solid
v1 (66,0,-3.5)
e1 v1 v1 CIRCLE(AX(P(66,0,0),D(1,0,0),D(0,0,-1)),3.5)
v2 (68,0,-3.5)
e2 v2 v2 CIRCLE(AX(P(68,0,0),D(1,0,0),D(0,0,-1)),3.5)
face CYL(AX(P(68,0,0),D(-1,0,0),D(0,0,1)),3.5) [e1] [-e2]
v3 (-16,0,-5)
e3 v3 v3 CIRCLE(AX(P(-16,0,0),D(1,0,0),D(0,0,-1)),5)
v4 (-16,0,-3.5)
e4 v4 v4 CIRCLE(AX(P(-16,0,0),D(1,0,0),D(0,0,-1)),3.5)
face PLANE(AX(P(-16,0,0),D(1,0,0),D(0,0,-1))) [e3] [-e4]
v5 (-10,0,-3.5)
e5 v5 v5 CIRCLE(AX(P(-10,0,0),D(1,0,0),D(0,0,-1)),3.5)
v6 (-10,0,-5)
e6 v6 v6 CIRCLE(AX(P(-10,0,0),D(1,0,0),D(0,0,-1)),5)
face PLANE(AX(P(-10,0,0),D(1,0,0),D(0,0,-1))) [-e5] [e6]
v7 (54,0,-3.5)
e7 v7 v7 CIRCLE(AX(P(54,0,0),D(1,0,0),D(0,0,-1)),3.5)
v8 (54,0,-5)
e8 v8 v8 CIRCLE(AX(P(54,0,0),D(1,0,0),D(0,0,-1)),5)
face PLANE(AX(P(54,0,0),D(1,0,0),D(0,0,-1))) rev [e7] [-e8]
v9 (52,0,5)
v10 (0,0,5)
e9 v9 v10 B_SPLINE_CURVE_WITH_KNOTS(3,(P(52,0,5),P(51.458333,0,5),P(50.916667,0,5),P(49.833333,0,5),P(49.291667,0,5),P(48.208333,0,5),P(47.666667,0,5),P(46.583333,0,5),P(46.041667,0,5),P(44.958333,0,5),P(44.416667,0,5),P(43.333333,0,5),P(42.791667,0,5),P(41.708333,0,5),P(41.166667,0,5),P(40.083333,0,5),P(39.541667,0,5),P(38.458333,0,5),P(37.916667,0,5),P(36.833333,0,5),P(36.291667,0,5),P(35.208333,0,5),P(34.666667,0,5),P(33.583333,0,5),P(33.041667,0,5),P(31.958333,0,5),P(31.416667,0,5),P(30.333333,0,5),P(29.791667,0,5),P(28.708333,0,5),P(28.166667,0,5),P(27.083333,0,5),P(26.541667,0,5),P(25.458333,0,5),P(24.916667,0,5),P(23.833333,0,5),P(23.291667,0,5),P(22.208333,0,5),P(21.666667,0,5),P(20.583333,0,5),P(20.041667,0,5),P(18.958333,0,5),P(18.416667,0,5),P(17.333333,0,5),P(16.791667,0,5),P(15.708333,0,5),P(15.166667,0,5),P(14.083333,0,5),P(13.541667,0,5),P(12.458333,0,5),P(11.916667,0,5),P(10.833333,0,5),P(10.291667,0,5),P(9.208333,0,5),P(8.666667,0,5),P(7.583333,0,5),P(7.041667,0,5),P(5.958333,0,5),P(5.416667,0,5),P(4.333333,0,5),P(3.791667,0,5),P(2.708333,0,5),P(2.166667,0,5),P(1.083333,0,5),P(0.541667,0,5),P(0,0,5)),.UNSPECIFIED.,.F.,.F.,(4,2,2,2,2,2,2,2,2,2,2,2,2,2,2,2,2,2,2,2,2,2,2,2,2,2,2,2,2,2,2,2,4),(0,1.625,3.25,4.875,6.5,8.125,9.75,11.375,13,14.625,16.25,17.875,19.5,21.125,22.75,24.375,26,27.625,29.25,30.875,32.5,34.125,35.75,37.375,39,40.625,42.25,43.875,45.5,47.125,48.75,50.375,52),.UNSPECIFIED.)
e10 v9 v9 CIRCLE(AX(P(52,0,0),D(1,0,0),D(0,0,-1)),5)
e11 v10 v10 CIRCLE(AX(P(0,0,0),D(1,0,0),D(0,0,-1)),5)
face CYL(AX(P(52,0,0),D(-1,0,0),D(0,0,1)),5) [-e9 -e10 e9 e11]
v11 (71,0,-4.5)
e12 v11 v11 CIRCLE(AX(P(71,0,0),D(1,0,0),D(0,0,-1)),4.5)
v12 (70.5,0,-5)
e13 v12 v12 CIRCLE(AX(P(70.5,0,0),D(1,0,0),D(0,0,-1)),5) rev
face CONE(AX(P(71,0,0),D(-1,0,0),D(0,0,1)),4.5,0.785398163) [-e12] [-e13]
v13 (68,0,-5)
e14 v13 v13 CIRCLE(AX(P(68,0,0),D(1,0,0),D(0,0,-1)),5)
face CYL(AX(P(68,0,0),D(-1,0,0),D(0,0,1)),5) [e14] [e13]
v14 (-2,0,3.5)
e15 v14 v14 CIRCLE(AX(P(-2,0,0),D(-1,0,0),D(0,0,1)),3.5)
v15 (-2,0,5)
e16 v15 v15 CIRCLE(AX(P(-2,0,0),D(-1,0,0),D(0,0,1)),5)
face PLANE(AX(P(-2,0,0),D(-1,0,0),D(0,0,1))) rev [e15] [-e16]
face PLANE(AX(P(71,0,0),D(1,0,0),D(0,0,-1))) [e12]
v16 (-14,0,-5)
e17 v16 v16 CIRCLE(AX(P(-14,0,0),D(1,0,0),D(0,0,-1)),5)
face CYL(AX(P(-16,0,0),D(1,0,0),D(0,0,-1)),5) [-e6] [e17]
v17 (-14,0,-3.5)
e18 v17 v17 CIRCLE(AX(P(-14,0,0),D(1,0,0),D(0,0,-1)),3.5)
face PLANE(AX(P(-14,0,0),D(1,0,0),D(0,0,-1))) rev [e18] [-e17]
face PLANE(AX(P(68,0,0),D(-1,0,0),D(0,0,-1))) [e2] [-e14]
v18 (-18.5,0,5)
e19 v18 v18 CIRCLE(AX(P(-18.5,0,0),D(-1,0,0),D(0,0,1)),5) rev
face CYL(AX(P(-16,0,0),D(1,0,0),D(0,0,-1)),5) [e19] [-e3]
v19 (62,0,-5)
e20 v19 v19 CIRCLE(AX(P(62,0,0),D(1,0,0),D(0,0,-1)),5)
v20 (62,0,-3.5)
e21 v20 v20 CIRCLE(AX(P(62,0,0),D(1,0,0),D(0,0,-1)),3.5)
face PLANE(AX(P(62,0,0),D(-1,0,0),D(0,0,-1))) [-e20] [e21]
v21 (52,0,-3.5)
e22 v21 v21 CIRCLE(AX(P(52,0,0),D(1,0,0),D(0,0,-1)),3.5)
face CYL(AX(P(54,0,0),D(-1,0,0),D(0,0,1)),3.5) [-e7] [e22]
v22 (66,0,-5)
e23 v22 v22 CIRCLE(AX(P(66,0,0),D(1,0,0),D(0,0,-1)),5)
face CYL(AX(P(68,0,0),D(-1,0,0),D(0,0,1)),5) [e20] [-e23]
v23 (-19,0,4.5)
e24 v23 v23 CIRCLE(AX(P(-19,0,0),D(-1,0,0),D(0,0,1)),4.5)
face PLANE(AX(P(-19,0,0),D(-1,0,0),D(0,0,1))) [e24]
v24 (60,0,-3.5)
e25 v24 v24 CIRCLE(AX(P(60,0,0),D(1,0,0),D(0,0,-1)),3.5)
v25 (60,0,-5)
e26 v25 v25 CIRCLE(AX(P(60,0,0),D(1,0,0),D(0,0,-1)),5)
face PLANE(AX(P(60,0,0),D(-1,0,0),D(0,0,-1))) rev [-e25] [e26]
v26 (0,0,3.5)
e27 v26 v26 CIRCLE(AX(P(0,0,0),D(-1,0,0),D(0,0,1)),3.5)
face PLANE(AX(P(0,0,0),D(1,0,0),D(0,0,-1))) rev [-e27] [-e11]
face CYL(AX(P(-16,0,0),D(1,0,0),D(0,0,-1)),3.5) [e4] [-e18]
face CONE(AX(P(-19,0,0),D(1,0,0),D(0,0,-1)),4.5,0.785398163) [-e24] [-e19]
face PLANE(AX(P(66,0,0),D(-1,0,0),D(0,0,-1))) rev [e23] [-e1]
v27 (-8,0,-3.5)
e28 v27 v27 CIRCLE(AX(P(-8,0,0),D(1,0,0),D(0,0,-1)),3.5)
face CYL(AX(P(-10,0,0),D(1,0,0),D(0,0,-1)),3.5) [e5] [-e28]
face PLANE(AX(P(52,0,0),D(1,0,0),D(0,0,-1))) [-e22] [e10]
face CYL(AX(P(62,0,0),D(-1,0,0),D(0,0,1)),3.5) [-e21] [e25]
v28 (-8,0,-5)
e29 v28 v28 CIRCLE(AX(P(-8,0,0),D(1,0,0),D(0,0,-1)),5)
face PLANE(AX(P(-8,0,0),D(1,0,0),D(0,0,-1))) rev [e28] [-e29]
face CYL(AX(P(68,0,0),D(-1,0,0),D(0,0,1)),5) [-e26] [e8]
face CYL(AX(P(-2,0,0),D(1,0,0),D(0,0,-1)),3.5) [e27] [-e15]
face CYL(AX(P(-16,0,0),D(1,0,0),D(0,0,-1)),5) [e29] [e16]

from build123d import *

# Parameters (mm, degrees)
SKETCH_1_R          = 5
EXTRUDE_1_DEPTH     = 52
SKETCH_2_R          = 3.5
EXTRUDE_2_DEPTH     = 2
SKETCH_3_R          = 5
EXTRUDE_3_DEPTH     = 14
SKETCH_4_R          = 5
EXTRUDE_4_DEPTH     = 2
SKETCH_5_R          = 5
EXTRUDE_5_DEPTH     = 4
SKETCH_6_R          = 5
EXTRUDE_6_DEPTH     = 2
SKETCH_7_R          = 5
EXTRUDE_7_DEPTH     = 10
EXTRUDE_START       = 2
SKETCH_8_R          = 3.5
EXTRUDE_8_DEPTH     = 2
EXTRUDE_START_2     = 14
SKETCH_9_R          = 5
EXTRUDE_9_DEPTH     = 14
SKETCH_10_R         = 5
EXTRUDE_10_DEPTH    = 2
EXTRUDE_START_3     = 4
SKETCH_11_R         = 5
EXTRUDE_11_DEPTH    = 4
SKETCH_12_R         = 5
EXTRUDE_12_DEPTH    = 2
EXTRUDE_START_4     = 10
SKETCH_13_R         = 5
EXTRUDE_13_DEPTH    = 10
CHAMFER_1_SIZE      = 0.5
CUT_EXTRUDE_START   = -2
SKETCH_14_R         = 5
SKETCH_14_R_2       = 3.5
CUT_EXTRUDE_1_DEPTH = 2
SKETCH_15_R         = 5
SKETCH_15_R_2       = 3.5
CUT_EXTRUDE_2_DEPTH = 2
CUT_EXTRUDE_START_2 = -15
SKETCH_16_R         = 5
CUT_EXTRUDE_3_DEPTH = 15
SKETCH_17_R         = 5
CUT_EXTRUDE_4_DEPTH = 15
CHAMFER_2_SIZE      = 0.5


with BuildPart() as part:
    # 草图1 → 凸台-拉伸1 (new body)
    with BuildSketch(Plane(origin=(0, 0, 0), x_dir=(0, 0, -1), z_dir=(1, 0, 0))):
        with Locations(Location((0, 0, 0), (0, 0, 180))):
            Circle(SKETCH_1_R)
    extrude(amount=EXTRUDE_1_DEPTH)

    # 草图2 → 凸台-拉伸2 (add)
    with BuildSketch(Plane(origin=(52, 0, 0), x_dir=(0, 0, -1), z_dir=(1, 0, 0))):
        Circle(SKETCH_2_R)
    extrude(amount=EXTRUDE_2_DEPTH)

    # 草图3 → 凸台-拉伸3 (add)
    with BuildSketch(Plane(origin=(54, 0, 0), x_dir=(0, 0, -1), z_dir=(1, 0, 0))):
        with Locations(Location((0, 0, 0), (0, 0, 180))):
            Circle(SKETCH_3_R)
    extrude(amount=EXTRUDE_3_DEPTH)

    # 草图4 → 凸台-拉伸4 (add)
    with BuildSketch(Plane(origin=(68, 0, 0), x_dir=(0, 0, -1), z_dir=(1, 0, 0))):
        with Locations(Location((0, 0, 0), (0, 0, 180))):
            Circle(SKETCH_4_R)
    extrude(amount=EXTRUDE_4_DEPTH)

    # 草图5 → 凸台-拉伸5 (add)
    with BuildSketch(Plane(origin=(70, 0, 0), x_dir=(0, 0, -1), z_dir=(1, 0, 0))):
        with Locations(Location((0, 0, 0), (0, 0, 180))):
            Circle(SKETCH_5_R)
    extrude(amount=EXTRUDE_5_DEPTH)

    # 草图6 → 凸台-拉伸6 (add)
    with BuildSketch(Plane(origin=(74, 0, 0), x_dir=(0, 0, -1), z_dir=(1, 0, 0))):
        with Locations(Location((0, 0, 0), (0, 0, 180))):
            Circle(SKETCH_6_R)
    extrude(amount=EXTRUDE_6_DEPTH)

    # 草图7 → 凸台-拉伸7 (add)
    with BuildSketch(Plane(origin=(76, 0, 0), x_dir=(0, 0, -1), z_dir=(1, 0, 0))):
        with Locations(Location((0, 0, 0), (0, 0, 180))):
            Circle(SKETCH_7_R)
    extrude(amount=EXTRUDE_7_DEPTH)

    # 草图8 → 凸台-拉伸8 (add)
    with BuildSketch(Plane.ZY.offset(EXTRUDE_START)):
        with Locations(Location((0, 0, 0), (0, 0, 180))):
            Circle(SKETCH_8_R)
    extrude(amount=-EXTRUDE_8_DEPTH)

    # 草图9 → 凸台-拉伸9 (add)
    with BuildSketch(Plane.ZY.offset(2).offset(EXTRUDE_START_2)):
        Circle(SKETCH_9_R)
    extrude(amount=-EXTRUDE_9_DEPTH)

    # 草图10 → 凸台-拉伸10 (add)
    with BuildSketch(Plane.ZY.offset(16).offset(EXTRUDE_START)):
        Circle(SKETCH_10_R)
    extrude(amount=-EXTRUDE_10_DEPTH)

    # 草图11 → 凸台-拉伸11 (add)
    with BuildSketch(Plane.ZY.offset(18).offset(EXTRUDE_START_3)):
        Circle(SKETCH_11_R)
    extrude(amount=-EXTRUDE_11_DEPTH)

    # 草图12 → 凸台-拉伸12 (add)
    with BuildSketch(Plane.ZY.offset(22).offset(EXTRUDE_START)):
        Circle(SKETCH_12_R)
    extrude(amount=-EXTRUDE_12_DEPTH)

    # 草图13 → 凸台-拉伸13 (add)
    with BuildSketch(Plane.ZY.offset(24).offset(EXTRUDE_START_4)):
        Circle(SKETCH_13_R)
    extrude(amount=-EXTRUDE_13_DEPTH)

    # 倒角1
    chamfer_1_edges = [part.edges().sort_by_distance(p)[0] for p in [
        (86, 0, -5),
        (-34, 0, -5),
    ]]
    chamfer(chamfer_1_edges, length=CHAMFER_1_SIZE)

    # 草图14 → 切除-拉伸1 (cut)
    with BuildSketch(Plane(origin=(-8, 0, 0), x_dir=(0, 0, -1), z_dir=(1, 0, 0)).offset(CUT_EXTRUDE_START)):
        with Locations(Location((0, 0, 0), (0, 0, 180))):
            Circle(SKETCH_14_R)
        Circle(SKETCH_14_R_2, mode=Mode.SUBTRACT)
    cut_extrude_1 = extrude(amount=CUT_EXTRUDE_1_DEPTH, mode=Mode.SUBTRACT)

    # 草图15 → 切除-拉伸2 (cut)
    with BuildSketch(Plane(origin=(-14, 0, 0), x_dir=(0, 0, -1), z_dir=(1, 0, 0)).offset(CUT_EXTRUDE_START)):
        with Locations(Location((0, 0, 0), (0, 0, 180))):
            Circle(SKETCH_15_R)
        Circle(SKETCH_15_R_2, mode=Mode.SUBTRACT)
    cut_extrude_2 = extrude(amount=CUT_EXTRUDE_2_DEPTH, mode=Mode.SUBTRACT)

    # 镜向1: 切除-拉伸1, 切除-拉伸2 across plane
    add(cut_extrude_1.mirror(Plane(origin=(26, 0, 0), x_dir=(0, 0, 1), z_dir=(1, 0, 0))), mode=Mode.SUBTRACT)
    add(cut_extrude_2.mirror(Plane(origin=(26, 0, 0), x_dir=(0, 0, 1), z_dir=(1, 0, 0))), mode=Mode.SUBTRACT)

    # 草图16 → 切除-拉伸3 (cut)
    with BuildSketch(Plane(origin=(86, 0, 0), x_dir=(0, 0, -1), z_dir=(1, 0, 0)).offset(CUT_EXTRUDE_START_2)):
        Circle(SKETCH_16_R)
    extrude(amount=CUT_EXTRUDE_3_DEPTH, mode=Mode.SUBTRACT)

    # 草图17 → 切除-拉伸4 (cut)
    with BuildSketch(Plane.ZY.offset(34)):
        with Locations(Location((0, 0, 0), (0, 0, 180))):
            Circle(SKETCH_17_R)
    extrude(amount=-CUT_EXTRUDE_4_DEPTH, mode=Mode.SUBTRACT)

    # 倒角2
    chamfer_2_edges = [part.edges().sort_by_distance(p)[0] for p in [
        (-19, 0, -5),
        (71, 0, -5),
    ]]
    chamfer(chamfer_2_edges, length=CHAMFER_2_SIZE)


solid = part.part
